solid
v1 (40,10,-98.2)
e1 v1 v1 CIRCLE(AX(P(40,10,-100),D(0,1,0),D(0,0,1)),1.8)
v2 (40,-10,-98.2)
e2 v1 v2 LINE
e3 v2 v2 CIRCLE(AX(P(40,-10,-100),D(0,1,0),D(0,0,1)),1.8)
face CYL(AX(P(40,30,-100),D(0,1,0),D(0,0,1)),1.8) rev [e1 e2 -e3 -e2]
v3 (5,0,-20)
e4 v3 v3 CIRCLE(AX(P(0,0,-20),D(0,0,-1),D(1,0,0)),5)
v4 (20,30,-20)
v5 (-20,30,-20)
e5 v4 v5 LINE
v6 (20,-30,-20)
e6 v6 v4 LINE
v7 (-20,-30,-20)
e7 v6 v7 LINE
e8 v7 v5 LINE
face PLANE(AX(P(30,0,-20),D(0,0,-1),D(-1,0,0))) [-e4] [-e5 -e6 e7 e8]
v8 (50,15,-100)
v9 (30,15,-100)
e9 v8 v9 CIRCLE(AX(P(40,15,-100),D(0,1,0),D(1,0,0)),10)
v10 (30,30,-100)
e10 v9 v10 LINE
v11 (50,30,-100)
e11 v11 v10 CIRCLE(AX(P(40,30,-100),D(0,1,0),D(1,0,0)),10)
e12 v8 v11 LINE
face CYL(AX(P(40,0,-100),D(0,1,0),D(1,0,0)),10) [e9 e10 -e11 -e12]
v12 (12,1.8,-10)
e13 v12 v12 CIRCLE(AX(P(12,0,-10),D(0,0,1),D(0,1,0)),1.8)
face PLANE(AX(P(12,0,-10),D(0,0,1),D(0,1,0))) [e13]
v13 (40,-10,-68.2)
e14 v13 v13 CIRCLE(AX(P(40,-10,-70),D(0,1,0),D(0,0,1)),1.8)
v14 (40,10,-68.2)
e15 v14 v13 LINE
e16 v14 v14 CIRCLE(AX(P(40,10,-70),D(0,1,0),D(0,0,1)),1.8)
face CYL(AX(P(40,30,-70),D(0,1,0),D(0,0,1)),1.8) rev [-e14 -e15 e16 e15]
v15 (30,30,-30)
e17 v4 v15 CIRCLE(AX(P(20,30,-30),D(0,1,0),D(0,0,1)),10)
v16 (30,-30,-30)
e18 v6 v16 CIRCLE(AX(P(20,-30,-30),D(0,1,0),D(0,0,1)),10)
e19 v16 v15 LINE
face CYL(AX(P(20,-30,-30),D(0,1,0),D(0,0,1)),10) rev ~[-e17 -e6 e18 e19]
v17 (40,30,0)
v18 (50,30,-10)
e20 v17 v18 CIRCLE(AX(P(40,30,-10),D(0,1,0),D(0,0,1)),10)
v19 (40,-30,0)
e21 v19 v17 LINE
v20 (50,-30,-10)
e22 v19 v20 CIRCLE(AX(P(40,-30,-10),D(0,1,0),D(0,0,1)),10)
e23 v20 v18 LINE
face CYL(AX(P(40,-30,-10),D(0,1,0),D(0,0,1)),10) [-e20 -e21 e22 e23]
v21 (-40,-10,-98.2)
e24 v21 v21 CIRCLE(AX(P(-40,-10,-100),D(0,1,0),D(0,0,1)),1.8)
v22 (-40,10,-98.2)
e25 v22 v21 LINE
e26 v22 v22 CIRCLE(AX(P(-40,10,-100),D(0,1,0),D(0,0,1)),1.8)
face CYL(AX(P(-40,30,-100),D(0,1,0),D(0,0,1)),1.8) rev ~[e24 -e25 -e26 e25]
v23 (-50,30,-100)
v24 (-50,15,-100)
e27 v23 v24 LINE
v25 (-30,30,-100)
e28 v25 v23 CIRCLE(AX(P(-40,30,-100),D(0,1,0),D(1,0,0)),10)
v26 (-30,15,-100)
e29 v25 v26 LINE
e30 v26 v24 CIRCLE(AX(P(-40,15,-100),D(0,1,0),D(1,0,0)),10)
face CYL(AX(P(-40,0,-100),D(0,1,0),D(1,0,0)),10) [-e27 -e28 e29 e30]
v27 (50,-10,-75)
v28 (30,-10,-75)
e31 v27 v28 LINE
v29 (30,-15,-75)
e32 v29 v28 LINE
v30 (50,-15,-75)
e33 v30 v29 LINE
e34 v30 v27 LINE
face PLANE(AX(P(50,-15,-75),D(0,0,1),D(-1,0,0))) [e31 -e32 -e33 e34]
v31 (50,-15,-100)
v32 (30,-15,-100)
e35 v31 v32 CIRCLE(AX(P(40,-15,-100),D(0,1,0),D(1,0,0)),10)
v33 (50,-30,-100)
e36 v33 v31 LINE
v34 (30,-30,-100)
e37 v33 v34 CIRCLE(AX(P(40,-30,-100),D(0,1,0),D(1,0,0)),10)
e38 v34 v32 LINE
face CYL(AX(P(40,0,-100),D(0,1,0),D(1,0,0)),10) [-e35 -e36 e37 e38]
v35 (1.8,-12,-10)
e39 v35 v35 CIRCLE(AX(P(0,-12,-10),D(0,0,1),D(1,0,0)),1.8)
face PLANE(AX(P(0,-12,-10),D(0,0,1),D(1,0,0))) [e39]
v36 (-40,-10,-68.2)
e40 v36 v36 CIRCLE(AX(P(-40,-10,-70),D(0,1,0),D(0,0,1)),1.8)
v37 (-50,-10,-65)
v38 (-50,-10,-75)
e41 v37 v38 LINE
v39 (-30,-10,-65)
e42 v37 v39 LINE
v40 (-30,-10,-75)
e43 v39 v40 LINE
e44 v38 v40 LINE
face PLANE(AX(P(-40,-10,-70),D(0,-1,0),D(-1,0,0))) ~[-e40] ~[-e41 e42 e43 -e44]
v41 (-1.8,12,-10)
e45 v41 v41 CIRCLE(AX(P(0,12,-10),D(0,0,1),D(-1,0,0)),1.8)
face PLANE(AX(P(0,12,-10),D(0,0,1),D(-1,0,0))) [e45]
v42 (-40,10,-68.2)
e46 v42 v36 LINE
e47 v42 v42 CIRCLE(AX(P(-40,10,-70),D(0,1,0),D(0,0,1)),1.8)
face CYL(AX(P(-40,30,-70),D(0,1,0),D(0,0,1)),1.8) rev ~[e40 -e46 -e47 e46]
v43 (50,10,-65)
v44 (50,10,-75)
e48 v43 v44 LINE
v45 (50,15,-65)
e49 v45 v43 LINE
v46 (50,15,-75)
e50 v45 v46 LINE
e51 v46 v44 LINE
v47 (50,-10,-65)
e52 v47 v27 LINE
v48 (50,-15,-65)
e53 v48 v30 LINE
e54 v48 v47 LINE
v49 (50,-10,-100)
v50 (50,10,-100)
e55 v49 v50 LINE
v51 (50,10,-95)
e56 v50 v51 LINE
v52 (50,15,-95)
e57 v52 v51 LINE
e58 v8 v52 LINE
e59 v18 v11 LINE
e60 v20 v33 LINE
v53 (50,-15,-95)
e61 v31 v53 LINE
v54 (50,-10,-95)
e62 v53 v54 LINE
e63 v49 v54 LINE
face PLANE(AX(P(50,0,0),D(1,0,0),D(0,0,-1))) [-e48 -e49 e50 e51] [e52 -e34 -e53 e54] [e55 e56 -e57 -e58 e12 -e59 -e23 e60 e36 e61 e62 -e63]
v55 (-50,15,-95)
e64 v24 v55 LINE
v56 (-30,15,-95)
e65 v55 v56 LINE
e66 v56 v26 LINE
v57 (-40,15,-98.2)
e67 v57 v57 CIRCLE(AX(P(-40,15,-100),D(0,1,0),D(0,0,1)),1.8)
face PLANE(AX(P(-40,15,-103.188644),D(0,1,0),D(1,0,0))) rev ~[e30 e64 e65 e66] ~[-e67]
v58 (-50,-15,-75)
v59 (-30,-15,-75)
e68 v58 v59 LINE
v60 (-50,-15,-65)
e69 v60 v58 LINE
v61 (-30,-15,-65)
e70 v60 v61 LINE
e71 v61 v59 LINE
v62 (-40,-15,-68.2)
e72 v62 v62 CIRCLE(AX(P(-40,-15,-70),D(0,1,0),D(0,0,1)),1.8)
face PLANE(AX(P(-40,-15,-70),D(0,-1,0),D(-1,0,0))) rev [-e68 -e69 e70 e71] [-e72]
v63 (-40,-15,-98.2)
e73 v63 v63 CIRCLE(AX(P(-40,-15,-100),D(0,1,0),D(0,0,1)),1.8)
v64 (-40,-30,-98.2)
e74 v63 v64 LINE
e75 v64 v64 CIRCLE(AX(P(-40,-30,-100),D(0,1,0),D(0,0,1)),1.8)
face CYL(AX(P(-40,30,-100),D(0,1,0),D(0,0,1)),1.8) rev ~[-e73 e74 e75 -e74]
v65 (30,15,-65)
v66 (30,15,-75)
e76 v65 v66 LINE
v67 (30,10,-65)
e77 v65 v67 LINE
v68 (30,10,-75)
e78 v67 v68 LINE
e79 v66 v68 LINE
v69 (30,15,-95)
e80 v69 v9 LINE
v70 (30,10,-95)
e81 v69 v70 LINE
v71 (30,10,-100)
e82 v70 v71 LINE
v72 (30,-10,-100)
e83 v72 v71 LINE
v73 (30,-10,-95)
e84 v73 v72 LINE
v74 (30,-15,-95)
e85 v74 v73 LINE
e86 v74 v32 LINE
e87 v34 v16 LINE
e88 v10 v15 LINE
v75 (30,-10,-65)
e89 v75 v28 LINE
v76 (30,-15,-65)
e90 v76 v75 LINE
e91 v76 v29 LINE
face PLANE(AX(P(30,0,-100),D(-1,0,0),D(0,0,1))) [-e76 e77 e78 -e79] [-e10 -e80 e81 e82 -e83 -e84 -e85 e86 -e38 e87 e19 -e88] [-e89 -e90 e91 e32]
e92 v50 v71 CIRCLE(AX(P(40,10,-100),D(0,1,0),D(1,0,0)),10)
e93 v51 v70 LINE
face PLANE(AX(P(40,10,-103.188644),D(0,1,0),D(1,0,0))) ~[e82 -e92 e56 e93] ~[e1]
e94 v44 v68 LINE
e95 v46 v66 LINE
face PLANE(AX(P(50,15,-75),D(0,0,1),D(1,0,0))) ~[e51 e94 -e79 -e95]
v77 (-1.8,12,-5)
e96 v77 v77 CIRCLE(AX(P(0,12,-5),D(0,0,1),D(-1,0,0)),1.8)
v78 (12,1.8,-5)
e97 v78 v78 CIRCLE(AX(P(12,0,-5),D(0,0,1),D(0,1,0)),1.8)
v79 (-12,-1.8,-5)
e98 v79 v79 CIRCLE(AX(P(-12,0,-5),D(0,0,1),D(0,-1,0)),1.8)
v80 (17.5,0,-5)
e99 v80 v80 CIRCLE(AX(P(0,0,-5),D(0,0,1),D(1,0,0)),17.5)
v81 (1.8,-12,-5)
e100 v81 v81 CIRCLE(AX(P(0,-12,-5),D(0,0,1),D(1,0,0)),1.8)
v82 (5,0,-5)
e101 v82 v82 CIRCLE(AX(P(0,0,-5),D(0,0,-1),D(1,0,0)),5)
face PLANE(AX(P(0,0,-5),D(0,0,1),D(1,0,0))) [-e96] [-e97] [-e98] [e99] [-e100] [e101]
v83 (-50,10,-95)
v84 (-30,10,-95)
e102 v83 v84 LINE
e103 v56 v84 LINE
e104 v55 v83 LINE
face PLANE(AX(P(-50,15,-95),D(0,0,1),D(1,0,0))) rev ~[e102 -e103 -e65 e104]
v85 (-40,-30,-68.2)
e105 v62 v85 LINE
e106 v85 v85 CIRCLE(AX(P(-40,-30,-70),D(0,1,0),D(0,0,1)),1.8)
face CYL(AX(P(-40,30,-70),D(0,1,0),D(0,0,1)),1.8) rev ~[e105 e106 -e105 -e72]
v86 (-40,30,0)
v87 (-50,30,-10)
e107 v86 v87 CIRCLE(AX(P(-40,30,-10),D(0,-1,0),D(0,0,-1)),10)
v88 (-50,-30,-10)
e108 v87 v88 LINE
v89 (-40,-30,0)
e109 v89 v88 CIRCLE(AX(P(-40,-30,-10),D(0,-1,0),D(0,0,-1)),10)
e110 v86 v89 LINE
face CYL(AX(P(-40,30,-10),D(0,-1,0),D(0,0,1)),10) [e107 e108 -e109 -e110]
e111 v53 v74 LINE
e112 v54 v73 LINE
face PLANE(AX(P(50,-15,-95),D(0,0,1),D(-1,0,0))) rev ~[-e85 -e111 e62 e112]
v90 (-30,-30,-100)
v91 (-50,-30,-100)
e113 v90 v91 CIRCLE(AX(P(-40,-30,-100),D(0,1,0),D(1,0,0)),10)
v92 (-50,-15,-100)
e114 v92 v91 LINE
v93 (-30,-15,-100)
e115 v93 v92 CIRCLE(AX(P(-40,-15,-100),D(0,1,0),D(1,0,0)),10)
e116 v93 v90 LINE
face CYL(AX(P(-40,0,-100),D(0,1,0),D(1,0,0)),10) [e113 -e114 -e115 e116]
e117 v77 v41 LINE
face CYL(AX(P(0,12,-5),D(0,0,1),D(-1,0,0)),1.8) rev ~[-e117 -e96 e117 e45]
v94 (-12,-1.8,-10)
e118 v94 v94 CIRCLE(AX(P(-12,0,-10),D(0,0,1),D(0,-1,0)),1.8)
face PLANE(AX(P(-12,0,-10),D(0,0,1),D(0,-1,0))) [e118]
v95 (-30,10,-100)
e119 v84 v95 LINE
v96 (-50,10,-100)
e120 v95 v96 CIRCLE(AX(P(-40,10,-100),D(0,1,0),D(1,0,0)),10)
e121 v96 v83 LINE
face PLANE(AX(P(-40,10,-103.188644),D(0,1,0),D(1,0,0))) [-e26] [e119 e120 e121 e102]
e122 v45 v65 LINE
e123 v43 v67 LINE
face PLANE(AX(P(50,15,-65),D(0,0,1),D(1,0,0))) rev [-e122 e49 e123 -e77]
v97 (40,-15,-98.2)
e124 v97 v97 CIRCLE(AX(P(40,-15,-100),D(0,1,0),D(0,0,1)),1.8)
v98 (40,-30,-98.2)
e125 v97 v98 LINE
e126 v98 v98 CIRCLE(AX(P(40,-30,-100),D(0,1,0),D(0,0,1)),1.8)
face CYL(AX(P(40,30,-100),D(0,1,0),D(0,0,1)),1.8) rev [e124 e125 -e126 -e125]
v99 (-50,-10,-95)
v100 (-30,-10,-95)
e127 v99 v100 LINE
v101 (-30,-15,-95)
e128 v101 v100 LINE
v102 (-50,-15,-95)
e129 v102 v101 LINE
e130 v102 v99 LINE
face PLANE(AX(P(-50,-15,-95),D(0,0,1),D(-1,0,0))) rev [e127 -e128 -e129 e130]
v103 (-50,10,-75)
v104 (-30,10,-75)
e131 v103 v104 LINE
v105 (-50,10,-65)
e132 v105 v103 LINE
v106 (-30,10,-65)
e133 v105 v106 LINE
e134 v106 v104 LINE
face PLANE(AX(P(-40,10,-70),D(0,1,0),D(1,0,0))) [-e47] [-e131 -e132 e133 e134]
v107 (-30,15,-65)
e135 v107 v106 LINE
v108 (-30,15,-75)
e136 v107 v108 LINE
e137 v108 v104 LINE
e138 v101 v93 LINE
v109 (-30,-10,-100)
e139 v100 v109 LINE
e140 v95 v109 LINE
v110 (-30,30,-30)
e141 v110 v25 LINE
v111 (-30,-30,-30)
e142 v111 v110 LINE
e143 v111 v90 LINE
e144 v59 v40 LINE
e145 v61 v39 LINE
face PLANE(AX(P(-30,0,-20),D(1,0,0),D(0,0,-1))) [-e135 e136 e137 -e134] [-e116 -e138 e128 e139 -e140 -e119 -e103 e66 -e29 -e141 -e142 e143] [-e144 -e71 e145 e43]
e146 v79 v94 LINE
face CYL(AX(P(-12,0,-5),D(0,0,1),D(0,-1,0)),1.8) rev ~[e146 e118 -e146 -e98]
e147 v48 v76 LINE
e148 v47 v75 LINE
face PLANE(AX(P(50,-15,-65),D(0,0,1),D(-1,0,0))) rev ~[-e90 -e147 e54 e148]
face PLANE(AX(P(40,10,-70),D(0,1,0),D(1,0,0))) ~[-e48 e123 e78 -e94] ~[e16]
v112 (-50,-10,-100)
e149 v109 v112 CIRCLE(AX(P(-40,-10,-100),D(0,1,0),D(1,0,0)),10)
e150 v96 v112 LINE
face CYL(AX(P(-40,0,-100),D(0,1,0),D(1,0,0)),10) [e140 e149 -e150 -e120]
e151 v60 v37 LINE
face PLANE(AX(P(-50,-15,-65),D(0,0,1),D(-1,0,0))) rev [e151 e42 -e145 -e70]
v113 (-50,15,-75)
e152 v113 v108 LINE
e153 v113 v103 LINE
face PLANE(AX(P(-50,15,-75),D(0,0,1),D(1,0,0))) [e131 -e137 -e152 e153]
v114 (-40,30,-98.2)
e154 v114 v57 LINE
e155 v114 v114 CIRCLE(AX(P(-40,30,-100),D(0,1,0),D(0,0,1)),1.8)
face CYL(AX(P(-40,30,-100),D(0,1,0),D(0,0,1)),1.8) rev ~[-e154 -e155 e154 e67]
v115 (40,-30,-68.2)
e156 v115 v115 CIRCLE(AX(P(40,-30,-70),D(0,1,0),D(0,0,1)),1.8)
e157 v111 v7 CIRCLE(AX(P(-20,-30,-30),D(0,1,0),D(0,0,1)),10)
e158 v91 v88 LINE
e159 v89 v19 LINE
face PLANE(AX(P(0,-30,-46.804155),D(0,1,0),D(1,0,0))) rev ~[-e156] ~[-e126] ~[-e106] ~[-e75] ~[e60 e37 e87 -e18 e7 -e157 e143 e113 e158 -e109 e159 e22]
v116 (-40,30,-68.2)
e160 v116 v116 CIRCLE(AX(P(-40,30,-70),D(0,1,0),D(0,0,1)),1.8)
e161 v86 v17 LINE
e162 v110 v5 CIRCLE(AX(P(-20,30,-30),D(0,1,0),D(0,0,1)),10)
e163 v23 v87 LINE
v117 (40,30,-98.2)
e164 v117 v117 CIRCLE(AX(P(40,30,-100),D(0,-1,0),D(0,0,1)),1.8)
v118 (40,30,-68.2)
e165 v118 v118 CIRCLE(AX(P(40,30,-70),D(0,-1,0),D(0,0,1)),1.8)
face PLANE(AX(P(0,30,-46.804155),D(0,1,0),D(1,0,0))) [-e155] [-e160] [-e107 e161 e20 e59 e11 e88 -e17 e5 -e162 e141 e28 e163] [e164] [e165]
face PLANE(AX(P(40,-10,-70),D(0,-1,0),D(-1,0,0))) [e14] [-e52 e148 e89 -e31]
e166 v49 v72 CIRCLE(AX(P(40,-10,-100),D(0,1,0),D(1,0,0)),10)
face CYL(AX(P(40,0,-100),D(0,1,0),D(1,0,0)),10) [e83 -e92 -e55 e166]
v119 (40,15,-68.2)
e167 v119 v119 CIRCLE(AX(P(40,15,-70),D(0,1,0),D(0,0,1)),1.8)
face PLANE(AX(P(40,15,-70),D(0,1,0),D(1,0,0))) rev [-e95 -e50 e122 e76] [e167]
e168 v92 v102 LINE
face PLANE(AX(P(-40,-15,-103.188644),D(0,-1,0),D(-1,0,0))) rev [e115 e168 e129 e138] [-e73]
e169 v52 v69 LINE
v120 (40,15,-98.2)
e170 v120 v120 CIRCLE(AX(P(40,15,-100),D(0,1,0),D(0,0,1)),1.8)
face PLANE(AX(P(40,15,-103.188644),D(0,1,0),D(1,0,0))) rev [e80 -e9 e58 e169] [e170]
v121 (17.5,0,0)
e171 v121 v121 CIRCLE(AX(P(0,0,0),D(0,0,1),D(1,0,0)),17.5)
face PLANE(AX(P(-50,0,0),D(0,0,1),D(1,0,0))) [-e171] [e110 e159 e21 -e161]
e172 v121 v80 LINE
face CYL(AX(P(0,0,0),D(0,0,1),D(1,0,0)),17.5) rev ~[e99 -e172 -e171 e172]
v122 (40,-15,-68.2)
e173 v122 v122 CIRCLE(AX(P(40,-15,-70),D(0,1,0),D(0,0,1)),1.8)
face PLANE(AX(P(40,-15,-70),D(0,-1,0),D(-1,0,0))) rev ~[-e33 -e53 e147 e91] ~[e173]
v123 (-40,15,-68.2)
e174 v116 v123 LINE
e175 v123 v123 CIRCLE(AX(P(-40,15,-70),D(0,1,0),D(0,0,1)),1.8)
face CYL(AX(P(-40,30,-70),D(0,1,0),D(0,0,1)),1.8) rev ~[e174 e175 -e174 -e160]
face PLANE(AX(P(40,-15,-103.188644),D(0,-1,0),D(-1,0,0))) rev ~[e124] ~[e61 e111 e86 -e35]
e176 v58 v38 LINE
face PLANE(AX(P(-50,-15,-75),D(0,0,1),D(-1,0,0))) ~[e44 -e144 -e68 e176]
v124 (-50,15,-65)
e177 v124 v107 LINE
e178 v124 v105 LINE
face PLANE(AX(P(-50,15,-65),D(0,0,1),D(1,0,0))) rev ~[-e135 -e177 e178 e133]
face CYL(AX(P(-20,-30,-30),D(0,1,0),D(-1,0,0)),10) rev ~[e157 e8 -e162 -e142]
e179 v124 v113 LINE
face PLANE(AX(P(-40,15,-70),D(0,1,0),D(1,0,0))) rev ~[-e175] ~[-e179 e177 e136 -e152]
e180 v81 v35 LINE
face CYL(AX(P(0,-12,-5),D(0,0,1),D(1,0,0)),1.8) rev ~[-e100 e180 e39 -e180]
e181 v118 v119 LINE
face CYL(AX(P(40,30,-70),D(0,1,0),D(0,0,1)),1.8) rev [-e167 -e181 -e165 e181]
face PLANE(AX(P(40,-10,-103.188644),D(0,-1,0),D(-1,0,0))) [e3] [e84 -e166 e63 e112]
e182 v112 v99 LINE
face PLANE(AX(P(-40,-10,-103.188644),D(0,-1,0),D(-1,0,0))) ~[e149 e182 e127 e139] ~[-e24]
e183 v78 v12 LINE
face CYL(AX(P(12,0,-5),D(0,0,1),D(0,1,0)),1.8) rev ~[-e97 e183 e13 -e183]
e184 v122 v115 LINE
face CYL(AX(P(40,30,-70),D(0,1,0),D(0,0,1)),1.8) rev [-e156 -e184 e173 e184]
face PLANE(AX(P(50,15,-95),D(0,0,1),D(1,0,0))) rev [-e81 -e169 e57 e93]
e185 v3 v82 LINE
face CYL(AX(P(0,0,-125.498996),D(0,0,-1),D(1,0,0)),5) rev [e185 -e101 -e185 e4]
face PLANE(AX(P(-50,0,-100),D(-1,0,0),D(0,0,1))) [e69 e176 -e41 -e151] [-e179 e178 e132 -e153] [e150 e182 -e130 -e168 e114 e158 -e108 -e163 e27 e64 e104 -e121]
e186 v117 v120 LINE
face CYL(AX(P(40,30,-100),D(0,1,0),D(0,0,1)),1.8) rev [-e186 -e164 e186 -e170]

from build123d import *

# Parameters (mm, degrees)
BOSS_EXTRUDE1_DEPTH     = 30
FILLET1_R               = 10
CUT_EXTRUDE1_DEPTH      = 125.49899598
CUT_EXTRUDE1_DEPTH_BACK = 125.49899598
SKETCH3_R               = 5
SKETCH4_R               = 17.5
CUT_EXTRUDE2_DEPTH      = 5
SKETCH5_R               = 1.8
CUT_EXTRUDE3_DEPTH      = 5
CIRPATTERN1_COUNT       = 4
SKETCH6_R               = 1.8
CUT_EXTRUDE4_DEPTH      = 135.907375632
SKETCH7_W               = 20
SKETCH7_H               = 10
CUT_EXTRUDE5_DEPTH      = 5
MIRROR2_COPY_1_SKETCH_W = 20
MIRROR2_COPY_1_SKETCH_H = 10
MIRROR2_COPY_1_DEPTH    = 5


with BuildPart() as part:
    # Sketch1 → Boss-Extrude1 (new, symmetric)
    with BuildSketch(Plane(origin=(0, 0, 0), x_dir=(1, 0, 0), z_dir=(0, 1, 0))):
        with BuildLine():
            Line((-50, 0), (50, 0))
            Line((50, 0), (50, 100))
            ThreePointArc((50, 100), (40, 110), (30, 100))
            Line((30, 100), (30, 20))
            Line((30, 20), (-30, 20))
            Line((-30, 20), (-30, 100))
            ThreePointArc((-30, 100), (-40, 110), (-50, 100))
            Line((-50, 100), (-50, 0))
        make_face()
    extrude(amount=BOSS_EXTRUDE1_DEPTH, both=True)

    # Fillet1
    fillet1_edges = [part.edges().sort_by_distance(p)[0] for p in [
        (50, 0, 0),
        (-50, 0, 0),
        (-30, 0, -20),
        (30, 0, -20),
    ]]
    fillet(fillet1_edges, radius=FILLET1_R)

    # Sketch3 → Cut-Extrude1 (cut, two sides: drawn at the far end of the back side and taken through both)
    with BuildSketch(Plane.XY.offset(-CUT_EXTRUDE1_DEPTH_BACK)):
        Circle(SKETCH3_R)
    extrude(amount=CUT_EXTRUDE1_DEPTH + CUT_EXTRUDE1_DEPTH_BACK, mode=Mode.SUBTRACT)

    # Sketch4 → Cut-Extrude2 (cut)
    with BuildSketch(Plane.XY):
        Circle(SKETCH4_R)
    extrude(amount=-CUT_EXTRUDE2_DEPTH, mode=Mode.SUBTRACT)

    # Sketch5 → Cut-Extrude3 (cut)
    with BuildSketch(Plane.XY.offset(-5)):
        with Locations((0, -12)):
            Circle(SKETCH5_R)
    cut_extrude3 = extrude(amount=-CUT_EXTRUDE3_DEPTH, mode=Mode.SUBTRACT)

    # CirPattern1: Cut-Extrude3 ×4 about axis
    cirpattern1_axis = Axis((0, 0, 0), (0, 0, 1))
    for i in range(1, CIRPATTERN1_COUNT):
        add(cut_extrude3.rotate(cirpattern1_axis, i * 360 / CIRPATTERN1_COUNT), mode=Mode.SUBTRACT)

    # Sketch6 → Cut-Extrude4 (cut, through all)
    with BuildSketch(Plane(origin=(0, 30, 0), x_dir=(1, 0, 0), z_dir=(0, 1, 0))):
        with Locations(Location((-40, 100, 0), (0, 0, 270))):
            Circle(SKETCH6_R)
        with Locations(Location((-40, 70, 0), (0, 0, 270))):
            Circle(SKETCH6_R)
    cut_extrude4 = extrude(amount=-CUT_EXTRUDE4_DEPTH, mode=Mode.SUBTRACT)

    # Sketch7 → Cut-Extrude5 (cut)
    with BuildSketch(Plane(origin=(0, 15, 0), x_dir=(1, 0, 0), z_dir=(0, 1, 0))):
        with BuildLine():
            Line((-50, 105), (-50, 95))
            Line((-50, 95), (-30, 95))
            Line((-30, 95), (-30, 105))
            ThreePointArc((-30, 105), (-40, 115), (-50, 105))
        make_face()
        with Locations((-40, 70)):
            Rectangle(SKETCH7_W, SKETCH7_H)
    cut_extrude5 = extrude(amount=-CUT_EXTRUDE5_DEPTH, mode=Mode.SUBTRACT)

    # Mirror1: Cut-Extrude5 across plane
    add(cut_extrude5.mirror(Plane.ZX), mode=Mode.SUBTRACT)

    # Mirror2: Cut-Extrude4, Cut-Extrude5 across plane
    add(cut_extrude4.mirror(Plane(origin=(0, 0, 0), x_dir=(0, 0, 1), z_dir=(1, 0, 0))), mode=Mode.SUBTRACT)
    add(cut_extrude5.mirror(Plane(origin=(0, 0, 0), x_dir=(0, 0, 1), z_dir=(1, 0, 0))), mode=Mode.SUBTRACT)

    # Mirror2 copy 1 sketch → Mirror2 copy 1 (cut)
    with BuildSketch(Plane(origin=(0, -15, 0), x_dir=(-1, 0, 0), z_dir=(0, -1, 0))):
        with BuildLine():
            Line((-50, 105), (-50, 95))
            Line((-50, 95), (-30, 95))
            Line((-30, 95), (-30, 105))
            ThreePointArc((-30, 105), (-40, 115), (-50, 105))
        make_face()
        with Locations((-40, 70)):
            Rectangle(MIRROR2_COPY_1_SKETCH_W, MIRROR2_COPY_1_SKETCH_H)
    extrude(amount=-MIRROR2_COPY_1_DEPTH, mode=Mode.SUBTRACT)


solid = part.part
